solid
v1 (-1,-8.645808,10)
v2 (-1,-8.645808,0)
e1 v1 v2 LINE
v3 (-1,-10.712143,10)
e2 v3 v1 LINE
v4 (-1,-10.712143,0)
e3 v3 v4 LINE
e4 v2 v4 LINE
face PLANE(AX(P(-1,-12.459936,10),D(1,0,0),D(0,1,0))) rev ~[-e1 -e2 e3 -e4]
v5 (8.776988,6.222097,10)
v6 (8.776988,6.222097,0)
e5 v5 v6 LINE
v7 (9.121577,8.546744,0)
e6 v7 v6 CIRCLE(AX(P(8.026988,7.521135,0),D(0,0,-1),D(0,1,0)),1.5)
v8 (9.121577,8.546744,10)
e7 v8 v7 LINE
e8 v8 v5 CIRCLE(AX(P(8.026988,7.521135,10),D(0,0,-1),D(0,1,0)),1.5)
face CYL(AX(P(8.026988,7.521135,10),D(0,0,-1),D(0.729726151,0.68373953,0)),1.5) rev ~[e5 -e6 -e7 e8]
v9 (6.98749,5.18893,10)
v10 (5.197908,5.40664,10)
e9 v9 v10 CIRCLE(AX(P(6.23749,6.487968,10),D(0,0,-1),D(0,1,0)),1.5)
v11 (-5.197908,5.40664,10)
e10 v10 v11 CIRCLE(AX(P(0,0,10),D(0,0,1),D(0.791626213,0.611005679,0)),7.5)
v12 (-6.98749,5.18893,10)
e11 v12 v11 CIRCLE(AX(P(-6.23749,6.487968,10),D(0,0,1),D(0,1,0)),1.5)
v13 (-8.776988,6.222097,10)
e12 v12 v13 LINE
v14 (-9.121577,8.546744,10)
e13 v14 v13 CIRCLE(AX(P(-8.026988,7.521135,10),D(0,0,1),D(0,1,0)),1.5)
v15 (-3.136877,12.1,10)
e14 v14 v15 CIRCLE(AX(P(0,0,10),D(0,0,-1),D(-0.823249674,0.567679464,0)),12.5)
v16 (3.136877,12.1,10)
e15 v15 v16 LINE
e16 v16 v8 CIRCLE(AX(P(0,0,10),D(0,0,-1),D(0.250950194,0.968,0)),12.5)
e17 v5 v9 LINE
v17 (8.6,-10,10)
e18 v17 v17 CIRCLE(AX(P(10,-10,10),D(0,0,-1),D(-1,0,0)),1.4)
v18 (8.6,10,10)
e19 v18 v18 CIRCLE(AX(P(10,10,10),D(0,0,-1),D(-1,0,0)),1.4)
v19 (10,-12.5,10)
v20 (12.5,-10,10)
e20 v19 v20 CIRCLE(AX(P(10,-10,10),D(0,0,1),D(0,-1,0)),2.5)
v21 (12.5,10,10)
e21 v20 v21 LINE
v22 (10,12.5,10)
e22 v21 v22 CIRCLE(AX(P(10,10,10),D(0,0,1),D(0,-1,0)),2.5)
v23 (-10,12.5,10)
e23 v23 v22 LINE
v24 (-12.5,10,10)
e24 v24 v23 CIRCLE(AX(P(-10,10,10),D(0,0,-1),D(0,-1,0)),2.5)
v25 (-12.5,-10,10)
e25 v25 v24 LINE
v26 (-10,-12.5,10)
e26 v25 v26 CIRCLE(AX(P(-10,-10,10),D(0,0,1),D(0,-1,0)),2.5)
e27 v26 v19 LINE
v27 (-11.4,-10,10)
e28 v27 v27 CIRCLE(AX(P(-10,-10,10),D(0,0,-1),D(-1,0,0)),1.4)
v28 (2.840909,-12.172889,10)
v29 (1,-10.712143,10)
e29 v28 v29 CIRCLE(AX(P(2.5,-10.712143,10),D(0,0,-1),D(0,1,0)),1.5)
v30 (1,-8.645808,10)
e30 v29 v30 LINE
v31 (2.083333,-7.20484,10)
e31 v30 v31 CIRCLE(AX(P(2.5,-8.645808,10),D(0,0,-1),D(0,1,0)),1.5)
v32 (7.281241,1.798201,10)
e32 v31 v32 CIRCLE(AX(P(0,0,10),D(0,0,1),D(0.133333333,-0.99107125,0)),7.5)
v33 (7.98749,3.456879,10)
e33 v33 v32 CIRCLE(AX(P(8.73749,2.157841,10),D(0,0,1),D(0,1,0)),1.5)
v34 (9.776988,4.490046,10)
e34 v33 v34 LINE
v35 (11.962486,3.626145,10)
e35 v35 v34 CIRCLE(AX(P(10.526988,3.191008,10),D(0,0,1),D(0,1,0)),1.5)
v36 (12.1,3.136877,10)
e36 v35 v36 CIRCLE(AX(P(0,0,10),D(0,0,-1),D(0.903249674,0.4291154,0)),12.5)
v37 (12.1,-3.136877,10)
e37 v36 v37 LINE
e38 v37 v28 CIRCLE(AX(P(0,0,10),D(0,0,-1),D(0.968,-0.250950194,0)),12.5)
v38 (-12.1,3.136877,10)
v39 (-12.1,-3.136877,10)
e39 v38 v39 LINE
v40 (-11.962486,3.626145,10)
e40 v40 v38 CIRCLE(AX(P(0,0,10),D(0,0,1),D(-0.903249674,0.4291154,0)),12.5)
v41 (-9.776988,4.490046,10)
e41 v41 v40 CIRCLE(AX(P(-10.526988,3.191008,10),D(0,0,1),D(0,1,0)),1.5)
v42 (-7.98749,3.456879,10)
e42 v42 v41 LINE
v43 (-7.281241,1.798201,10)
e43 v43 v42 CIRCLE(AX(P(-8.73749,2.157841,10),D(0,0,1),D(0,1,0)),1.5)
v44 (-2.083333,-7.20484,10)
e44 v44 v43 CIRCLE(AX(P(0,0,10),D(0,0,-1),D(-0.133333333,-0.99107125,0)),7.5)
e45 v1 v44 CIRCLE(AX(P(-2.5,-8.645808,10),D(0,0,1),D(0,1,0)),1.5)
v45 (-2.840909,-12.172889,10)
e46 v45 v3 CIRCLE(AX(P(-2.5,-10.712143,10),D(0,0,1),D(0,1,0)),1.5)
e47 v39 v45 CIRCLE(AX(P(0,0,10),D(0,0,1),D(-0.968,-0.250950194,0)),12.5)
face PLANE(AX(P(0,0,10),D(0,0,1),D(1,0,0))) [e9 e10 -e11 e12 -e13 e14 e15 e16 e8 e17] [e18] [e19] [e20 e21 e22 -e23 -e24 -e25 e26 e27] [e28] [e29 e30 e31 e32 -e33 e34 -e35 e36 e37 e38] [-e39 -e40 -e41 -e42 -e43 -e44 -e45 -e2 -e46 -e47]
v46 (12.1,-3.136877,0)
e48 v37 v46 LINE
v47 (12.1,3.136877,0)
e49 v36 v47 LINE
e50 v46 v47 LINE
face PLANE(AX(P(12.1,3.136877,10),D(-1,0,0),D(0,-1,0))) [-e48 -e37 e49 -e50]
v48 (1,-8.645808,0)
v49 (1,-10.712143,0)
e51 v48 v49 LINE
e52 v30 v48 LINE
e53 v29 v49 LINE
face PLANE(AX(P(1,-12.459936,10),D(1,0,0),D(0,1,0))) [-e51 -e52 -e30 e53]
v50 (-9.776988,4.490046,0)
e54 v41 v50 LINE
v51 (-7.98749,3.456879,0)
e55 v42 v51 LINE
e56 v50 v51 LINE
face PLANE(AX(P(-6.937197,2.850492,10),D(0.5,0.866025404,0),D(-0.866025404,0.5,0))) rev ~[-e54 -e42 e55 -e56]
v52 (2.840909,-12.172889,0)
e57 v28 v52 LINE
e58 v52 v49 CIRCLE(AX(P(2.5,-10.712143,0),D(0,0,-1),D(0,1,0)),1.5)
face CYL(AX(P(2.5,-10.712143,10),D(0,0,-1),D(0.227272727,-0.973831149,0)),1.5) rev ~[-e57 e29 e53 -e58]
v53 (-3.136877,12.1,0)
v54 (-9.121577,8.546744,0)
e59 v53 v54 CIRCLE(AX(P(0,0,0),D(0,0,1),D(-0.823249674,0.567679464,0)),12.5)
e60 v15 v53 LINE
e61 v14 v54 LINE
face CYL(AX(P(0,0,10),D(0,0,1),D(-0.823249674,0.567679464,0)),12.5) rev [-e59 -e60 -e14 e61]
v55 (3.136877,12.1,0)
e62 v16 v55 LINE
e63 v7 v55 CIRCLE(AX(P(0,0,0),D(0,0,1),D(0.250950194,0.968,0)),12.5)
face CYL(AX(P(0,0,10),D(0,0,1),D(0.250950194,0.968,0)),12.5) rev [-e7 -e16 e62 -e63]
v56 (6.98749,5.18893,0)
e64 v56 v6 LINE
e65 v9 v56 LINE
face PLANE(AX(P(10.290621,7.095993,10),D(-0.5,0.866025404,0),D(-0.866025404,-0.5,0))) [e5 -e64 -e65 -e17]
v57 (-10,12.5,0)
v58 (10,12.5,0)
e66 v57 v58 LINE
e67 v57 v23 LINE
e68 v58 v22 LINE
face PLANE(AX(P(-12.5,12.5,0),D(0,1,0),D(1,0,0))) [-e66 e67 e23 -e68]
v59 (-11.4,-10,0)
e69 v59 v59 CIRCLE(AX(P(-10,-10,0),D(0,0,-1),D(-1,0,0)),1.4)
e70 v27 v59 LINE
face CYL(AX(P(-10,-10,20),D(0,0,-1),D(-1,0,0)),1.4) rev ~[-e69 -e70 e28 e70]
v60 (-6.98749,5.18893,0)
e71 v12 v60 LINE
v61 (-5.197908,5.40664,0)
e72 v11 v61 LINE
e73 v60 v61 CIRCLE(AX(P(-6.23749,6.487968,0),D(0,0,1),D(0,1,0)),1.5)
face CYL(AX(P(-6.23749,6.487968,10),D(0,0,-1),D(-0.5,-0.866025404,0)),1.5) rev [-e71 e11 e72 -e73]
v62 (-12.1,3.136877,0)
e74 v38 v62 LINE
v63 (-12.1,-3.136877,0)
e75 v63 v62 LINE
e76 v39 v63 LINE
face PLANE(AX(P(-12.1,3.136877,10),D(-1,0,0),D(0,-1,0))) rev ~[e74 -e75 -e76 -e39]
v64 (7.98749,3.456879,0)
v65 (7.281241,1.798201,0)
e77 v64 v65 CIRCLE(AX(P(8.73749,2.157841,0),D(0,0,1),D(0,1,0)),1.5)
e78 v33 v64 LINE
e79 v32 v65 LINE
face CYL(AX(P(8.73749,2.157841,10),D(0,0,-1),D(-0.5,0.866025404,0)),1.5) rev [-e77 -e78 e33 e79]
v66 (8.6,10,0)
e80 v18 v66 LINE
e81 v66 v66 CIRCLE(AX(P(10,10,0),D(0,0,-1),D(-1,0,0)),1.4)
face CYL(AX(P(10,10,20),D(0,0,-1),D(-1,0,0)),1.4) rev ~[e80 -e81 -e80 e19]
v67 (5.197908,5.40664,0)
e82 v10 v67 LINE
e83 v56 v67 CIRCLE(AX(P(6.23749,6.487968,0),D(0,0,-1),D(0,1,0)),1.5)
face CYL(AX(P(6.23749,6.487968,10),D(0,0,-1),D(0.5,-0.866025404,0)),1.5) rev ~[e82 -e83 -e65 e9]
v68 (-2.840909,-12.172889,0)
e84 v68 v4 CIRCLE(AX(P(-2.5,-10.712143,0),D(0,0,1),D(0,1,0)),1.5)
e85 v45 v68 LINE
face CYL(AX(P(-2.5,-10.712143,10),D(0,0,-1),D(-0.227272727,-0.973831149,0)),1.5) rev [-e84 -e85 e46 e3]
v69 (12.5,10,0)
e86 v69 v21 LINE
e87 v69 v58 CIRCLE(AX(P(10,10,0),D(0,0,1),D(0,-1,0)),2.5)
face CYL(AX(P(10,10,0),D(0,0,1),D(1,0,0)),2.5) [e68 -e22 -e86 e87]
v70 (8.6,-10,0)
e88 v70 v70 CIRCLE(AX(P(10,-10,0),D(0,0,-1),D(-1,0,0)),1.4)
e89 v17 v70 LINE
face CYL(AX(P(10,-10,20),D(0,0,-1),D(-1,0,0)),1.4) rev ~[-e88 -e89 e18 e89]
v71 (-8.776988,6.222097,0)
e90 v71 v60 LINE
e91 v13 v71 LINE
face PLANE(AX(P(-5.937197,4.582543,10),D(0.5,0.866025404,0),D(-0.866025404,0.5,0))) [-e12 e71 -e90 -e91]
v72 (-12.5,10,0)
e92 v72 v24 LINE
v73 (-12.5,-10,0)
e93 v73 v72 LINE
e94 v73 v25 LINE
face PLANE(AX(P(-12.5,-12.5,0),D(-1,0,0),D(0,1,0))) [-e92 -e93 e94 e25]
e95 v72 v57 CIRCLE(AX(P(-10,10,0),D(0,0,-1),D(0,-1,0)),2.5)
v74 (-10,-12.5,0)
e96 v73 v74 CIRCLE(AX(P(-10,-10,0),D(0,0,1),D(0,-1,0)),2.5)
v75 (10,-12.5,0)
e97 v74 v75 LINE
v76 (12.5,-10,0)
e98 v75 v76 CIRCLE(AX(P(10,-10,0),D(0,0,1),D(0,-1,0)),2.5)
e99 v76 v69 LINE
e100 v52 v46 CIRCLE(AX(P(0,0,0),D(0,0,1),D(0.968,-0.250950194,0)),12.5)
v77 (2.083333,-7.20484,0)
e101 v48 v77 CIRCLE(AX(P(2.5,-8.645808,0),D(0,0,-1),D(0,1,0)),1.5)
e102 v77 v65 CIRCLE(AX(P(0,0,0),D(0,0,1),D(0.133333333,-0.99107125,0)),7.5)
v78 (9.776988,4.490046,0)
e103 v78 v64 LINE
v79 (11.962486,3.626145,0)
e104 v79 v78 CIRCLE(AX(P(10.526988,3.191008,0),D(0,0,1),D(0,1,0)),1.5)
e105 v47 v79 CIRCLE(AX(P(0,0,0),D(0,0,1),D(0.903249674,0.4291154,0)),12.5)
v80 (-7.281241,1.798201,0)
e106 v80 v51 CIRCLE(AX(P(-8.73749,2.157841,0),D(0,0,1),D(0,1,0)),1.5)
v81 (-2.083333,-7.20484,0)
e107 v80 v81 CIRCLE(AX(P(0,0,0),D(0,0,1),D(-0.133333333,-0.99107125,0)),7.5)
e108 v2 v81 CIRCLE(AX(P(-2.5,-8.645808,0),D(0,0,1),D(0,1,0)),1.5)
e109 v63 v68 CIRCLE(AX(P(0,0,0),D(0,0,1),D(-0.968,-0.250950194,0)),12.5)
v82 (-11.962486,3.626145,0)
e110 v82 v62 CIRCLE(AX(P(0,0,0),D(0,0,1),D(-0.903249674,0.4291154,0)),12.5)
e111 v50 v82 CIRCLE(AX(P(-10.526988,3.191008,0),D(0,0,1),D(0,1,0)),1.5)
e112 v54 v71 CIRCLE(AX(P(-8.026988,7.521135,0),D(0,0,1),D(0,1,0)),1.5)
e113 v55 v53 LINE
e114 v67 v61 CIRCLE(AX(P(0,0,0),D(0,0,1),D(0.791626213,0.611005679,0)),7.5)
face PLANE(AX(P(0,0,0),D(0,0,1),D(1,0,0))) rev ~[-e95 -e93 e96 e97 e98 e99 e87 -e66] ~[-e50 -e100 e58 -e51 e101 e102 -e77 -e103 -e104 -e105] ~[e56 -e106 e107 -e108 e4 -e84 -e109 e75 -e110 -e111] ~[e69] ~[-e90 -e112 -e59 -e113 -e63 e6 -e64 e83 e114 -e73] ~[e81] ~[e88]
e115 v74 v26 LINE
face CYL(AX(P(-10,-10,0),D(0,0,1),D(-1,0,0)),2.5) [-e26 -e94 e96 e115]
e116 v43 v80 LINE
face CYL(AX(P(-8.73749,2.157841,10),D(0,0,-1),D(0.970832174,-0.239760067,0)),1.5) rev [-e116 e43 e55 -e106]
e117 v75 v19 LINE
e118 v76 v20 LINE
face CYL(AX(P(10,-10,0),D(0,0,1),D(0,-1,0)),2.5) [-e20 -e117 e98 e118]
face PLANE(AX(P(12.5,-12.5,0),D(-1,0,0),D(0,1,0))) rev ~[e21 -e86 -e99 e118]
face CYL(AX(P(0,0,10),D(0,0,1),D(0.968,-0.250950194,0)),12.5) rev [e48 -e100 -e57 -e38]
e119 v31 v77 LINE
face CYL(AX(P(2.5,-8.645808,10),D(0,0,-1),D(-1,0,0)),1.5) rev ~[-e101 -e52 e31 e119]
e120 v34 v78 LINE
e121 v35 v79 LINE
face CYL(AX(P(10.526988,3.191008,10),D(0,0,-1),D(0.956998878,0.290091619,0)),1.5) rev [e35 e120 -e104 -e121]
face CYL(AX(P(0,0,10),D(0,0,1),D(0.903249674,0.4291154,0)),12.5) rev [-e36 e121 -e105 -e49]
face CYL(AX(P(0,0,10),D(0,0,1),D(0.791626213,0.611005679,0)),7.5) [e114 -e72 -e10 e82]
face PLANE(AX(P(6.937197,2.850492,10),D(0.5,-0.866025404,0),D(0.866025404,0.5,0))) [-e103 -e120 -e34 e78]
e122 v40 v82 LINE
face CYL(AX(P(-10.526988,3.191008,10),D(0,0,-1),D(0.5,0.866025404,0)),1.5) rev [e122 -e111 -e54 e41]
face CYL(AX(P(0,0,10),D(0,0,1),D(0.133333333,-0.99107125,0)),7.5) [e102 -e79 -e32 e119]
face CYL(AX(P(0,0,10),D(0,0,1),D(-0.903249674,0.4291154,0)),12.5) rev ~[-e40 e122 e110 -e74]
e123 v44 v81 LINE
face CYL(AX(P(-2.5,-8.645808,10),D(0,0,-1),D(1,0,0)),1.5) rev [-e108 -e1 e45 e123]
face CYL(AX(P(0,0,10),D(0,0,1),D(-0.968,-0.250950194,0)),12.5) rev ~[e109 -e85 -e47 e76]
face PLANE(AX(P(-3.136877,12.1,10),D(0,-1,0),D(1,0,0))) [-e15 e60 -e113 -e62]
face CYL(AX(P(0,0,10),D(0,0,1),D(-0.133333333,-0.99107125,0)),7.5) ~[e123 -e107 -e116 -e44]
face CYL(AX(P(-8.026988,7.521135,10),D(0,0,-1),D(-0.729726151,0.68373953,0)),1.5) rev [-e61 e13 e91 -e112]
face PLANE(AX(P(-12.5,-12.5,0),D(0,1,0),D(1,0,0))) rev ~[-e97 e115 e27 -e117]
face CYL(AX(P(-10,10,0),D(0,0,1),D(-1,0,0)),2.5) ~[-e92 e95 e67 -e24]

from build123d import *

# Parameters (mm, degrees)
SKETCH1_W                      = 25
SKETCH1_H                      = 25
EXTRUDE1_DEPTH                 = 10
FILLET1_R                      = 2.5
EXTRUDE2_REACH                 = 12
FILLET2_R                      = 1.5
F_2_8_2_8_DIAMETER_HOLE1_D     = 2.8
F_2_8_2_8_DIAMETER_HOLE1_DEPTH = 10


with BuildPart() as part:
    # Sketch1 → Extrude1 (new body)
    with BuildSketch(Plane.XY):
        Rectangle(SKETCH1_W, SKETCH1_H)
    extrude(amount=EXTRUDE1_DEPTH)

    # Fillet1
    fillet1_edges = [part.edges().sort_by_distance(p)[0] for p in [
        (12.5, -12.5, 5),
        (-12.5, -12.5, 5),
        (-12.5, 12.5, 5),
        (12.5, 12.5, 5),
    ]]
    fillet(fillet1_edges, radius=FILLET1_R)

    # Sketch2 → Extrude2 (cut, up to next)
    with BuildSketch(Plane.XY.offset(10), mode=Mode.PRIVATE) as extrude2_sk1:
        with BuildLine():
            Line((-3.136877428, 12.1), (3.136877428, 12.1))
            ThreePointArc((3.136877428, 12.1), (7.164806263, 10.242829258), (10.290620927, 7.095993301))
            Line((10.290620927, 7.095993301), (5.937196595, 4.582542591))
            ThreePointArc((5.937196595, 4.582542591), (0, 7.5), (-5.937196595, 4.582542591))
            Line((-5.937196595, 4.582542591), (-10.290620927, 7.095993301))
            ThreePointArc((-10.290620927, 7.095993301), (-7.164806263, 10.242829258), (-3.136877428, 12.1))
        make_face()
    extrude2_tool1 = extrude(extrude2_sk1.sketch, amount=-EXTRUDE2_REACH, mode=Mode.PRIVATE) & part.part
    add(extrude2_tool1.solids().sort_by_distance((0, 8.698322, 10))[0], mode=Mode.SUBTRACT)
    # Sketch2 → Extrude2 (cut, up to next)
    with BuildSketch(Plane.XY.offset(10), mode=Mode.PRIVATE) as extrude2_sk2:
        with BuildLine():
            Line((12.1, 3.136877428), (12.1, -3.136877428))
            ThreePointArc((12.1, -3.136877428), (8.039425, -9.571710697), (1, -12.459935794))
            Line((1, -12.459935794), (1, -7.433034374))
            ThreePointArc((1, -7.433034374), (6.495190528, -3.75), (6.937196595, 2.850491783))
            Line((6.937196595, 2.850491783), (11.290620927, 5.363942493))
            ThreePointArc((11.290620927, 5.363942493), (11.74820163, 4.269632122), (12.1, 3.136877428))
        make_face()
    extrude2_tool2 = extrude(extrude2_sk2.sketch, amount=-EXTRUDE2_REACH, mode=Mode.PRIVATE) & part.part
    add(extrude2_tool2.solids().sort_by_distance((7.503331, -4.459767, 10))[0], mode=Mode.SUBTRACT)
    # Sketch2 → Extrude2 (cut, up to next)
    with BuildSketch(Plane.XY.offset(10), mode=Mode.PRIVATE) as extrude2_sk3:
        with BuildLine():
            Line((-12.1, 3.136877428), (-12.1, -3.136877428))
            ThreePointArc((-12.1, -3.136877428), (-8.039425, -9.571710697), (-1, -12.459935794))
            Line((-1, -12.459935794), (-1, -7.433034374))
            ThreePointArc((-1, -7.433034374), (-6.495190528, -3.75), (-6.937196595, 2.850491783))
            Line((-6.937196595, 2.850491783), (-11.290620927, 5.363942493))
            ThreePointArc((-11.290620927, 5.363942493), (-11.74820163, 4.269632122), (-12.1, 3.136877428))
        make_face()
    extrude2_tool3 = extrude(extrude2_sk3.sketch, amount=-EXTRUDE2_REACH, mode=Mode.PRIVATE) & part.part
    add(extrude2_tool3.solids().sort_by_distance((-7.503331, -4.459767, 10))[0], mode=Mode.SUBTRACT)

    # Fillet2
    fillet2_edges = [part.edges().sort_by_distance(p)[0] for p in [
        (-10.290620927, 7.095993301, 5),
        (10.290620927, 7.095993301, 5),
        (5.937196595, 4.582542591, 5),
        (-5.937196595, 4.582542591, 5),
        (11.290620927, 5.363942493, 5),
        (1, -12.459935794, 5),
        (1, -7.433034374, 5),
        (6.937196595, 2.850491783, 5),
        (-11.290620927, 5.363942493, 5),
        (-6.937196595, 2.850491783, 5),
        (-1, -7.433034374, 5),
        (-1, -12.459935794, 5),
    ]]
    fillet(fillet2_edges, radius=FILLET2_R)

    # Ø2.8 (2.8) Diameter Hole1
    with Locations(Plane.XY.offset(10)):
        with Locations((10, 10), (10, -10), (-10, -10)):
            Hole(F_2_8_2_8_DIAMETER_HOLE1_D / 2, depth=F_2_8_2_8_DIAMETER_HOLE1_DEPTH)


solid = part.part
